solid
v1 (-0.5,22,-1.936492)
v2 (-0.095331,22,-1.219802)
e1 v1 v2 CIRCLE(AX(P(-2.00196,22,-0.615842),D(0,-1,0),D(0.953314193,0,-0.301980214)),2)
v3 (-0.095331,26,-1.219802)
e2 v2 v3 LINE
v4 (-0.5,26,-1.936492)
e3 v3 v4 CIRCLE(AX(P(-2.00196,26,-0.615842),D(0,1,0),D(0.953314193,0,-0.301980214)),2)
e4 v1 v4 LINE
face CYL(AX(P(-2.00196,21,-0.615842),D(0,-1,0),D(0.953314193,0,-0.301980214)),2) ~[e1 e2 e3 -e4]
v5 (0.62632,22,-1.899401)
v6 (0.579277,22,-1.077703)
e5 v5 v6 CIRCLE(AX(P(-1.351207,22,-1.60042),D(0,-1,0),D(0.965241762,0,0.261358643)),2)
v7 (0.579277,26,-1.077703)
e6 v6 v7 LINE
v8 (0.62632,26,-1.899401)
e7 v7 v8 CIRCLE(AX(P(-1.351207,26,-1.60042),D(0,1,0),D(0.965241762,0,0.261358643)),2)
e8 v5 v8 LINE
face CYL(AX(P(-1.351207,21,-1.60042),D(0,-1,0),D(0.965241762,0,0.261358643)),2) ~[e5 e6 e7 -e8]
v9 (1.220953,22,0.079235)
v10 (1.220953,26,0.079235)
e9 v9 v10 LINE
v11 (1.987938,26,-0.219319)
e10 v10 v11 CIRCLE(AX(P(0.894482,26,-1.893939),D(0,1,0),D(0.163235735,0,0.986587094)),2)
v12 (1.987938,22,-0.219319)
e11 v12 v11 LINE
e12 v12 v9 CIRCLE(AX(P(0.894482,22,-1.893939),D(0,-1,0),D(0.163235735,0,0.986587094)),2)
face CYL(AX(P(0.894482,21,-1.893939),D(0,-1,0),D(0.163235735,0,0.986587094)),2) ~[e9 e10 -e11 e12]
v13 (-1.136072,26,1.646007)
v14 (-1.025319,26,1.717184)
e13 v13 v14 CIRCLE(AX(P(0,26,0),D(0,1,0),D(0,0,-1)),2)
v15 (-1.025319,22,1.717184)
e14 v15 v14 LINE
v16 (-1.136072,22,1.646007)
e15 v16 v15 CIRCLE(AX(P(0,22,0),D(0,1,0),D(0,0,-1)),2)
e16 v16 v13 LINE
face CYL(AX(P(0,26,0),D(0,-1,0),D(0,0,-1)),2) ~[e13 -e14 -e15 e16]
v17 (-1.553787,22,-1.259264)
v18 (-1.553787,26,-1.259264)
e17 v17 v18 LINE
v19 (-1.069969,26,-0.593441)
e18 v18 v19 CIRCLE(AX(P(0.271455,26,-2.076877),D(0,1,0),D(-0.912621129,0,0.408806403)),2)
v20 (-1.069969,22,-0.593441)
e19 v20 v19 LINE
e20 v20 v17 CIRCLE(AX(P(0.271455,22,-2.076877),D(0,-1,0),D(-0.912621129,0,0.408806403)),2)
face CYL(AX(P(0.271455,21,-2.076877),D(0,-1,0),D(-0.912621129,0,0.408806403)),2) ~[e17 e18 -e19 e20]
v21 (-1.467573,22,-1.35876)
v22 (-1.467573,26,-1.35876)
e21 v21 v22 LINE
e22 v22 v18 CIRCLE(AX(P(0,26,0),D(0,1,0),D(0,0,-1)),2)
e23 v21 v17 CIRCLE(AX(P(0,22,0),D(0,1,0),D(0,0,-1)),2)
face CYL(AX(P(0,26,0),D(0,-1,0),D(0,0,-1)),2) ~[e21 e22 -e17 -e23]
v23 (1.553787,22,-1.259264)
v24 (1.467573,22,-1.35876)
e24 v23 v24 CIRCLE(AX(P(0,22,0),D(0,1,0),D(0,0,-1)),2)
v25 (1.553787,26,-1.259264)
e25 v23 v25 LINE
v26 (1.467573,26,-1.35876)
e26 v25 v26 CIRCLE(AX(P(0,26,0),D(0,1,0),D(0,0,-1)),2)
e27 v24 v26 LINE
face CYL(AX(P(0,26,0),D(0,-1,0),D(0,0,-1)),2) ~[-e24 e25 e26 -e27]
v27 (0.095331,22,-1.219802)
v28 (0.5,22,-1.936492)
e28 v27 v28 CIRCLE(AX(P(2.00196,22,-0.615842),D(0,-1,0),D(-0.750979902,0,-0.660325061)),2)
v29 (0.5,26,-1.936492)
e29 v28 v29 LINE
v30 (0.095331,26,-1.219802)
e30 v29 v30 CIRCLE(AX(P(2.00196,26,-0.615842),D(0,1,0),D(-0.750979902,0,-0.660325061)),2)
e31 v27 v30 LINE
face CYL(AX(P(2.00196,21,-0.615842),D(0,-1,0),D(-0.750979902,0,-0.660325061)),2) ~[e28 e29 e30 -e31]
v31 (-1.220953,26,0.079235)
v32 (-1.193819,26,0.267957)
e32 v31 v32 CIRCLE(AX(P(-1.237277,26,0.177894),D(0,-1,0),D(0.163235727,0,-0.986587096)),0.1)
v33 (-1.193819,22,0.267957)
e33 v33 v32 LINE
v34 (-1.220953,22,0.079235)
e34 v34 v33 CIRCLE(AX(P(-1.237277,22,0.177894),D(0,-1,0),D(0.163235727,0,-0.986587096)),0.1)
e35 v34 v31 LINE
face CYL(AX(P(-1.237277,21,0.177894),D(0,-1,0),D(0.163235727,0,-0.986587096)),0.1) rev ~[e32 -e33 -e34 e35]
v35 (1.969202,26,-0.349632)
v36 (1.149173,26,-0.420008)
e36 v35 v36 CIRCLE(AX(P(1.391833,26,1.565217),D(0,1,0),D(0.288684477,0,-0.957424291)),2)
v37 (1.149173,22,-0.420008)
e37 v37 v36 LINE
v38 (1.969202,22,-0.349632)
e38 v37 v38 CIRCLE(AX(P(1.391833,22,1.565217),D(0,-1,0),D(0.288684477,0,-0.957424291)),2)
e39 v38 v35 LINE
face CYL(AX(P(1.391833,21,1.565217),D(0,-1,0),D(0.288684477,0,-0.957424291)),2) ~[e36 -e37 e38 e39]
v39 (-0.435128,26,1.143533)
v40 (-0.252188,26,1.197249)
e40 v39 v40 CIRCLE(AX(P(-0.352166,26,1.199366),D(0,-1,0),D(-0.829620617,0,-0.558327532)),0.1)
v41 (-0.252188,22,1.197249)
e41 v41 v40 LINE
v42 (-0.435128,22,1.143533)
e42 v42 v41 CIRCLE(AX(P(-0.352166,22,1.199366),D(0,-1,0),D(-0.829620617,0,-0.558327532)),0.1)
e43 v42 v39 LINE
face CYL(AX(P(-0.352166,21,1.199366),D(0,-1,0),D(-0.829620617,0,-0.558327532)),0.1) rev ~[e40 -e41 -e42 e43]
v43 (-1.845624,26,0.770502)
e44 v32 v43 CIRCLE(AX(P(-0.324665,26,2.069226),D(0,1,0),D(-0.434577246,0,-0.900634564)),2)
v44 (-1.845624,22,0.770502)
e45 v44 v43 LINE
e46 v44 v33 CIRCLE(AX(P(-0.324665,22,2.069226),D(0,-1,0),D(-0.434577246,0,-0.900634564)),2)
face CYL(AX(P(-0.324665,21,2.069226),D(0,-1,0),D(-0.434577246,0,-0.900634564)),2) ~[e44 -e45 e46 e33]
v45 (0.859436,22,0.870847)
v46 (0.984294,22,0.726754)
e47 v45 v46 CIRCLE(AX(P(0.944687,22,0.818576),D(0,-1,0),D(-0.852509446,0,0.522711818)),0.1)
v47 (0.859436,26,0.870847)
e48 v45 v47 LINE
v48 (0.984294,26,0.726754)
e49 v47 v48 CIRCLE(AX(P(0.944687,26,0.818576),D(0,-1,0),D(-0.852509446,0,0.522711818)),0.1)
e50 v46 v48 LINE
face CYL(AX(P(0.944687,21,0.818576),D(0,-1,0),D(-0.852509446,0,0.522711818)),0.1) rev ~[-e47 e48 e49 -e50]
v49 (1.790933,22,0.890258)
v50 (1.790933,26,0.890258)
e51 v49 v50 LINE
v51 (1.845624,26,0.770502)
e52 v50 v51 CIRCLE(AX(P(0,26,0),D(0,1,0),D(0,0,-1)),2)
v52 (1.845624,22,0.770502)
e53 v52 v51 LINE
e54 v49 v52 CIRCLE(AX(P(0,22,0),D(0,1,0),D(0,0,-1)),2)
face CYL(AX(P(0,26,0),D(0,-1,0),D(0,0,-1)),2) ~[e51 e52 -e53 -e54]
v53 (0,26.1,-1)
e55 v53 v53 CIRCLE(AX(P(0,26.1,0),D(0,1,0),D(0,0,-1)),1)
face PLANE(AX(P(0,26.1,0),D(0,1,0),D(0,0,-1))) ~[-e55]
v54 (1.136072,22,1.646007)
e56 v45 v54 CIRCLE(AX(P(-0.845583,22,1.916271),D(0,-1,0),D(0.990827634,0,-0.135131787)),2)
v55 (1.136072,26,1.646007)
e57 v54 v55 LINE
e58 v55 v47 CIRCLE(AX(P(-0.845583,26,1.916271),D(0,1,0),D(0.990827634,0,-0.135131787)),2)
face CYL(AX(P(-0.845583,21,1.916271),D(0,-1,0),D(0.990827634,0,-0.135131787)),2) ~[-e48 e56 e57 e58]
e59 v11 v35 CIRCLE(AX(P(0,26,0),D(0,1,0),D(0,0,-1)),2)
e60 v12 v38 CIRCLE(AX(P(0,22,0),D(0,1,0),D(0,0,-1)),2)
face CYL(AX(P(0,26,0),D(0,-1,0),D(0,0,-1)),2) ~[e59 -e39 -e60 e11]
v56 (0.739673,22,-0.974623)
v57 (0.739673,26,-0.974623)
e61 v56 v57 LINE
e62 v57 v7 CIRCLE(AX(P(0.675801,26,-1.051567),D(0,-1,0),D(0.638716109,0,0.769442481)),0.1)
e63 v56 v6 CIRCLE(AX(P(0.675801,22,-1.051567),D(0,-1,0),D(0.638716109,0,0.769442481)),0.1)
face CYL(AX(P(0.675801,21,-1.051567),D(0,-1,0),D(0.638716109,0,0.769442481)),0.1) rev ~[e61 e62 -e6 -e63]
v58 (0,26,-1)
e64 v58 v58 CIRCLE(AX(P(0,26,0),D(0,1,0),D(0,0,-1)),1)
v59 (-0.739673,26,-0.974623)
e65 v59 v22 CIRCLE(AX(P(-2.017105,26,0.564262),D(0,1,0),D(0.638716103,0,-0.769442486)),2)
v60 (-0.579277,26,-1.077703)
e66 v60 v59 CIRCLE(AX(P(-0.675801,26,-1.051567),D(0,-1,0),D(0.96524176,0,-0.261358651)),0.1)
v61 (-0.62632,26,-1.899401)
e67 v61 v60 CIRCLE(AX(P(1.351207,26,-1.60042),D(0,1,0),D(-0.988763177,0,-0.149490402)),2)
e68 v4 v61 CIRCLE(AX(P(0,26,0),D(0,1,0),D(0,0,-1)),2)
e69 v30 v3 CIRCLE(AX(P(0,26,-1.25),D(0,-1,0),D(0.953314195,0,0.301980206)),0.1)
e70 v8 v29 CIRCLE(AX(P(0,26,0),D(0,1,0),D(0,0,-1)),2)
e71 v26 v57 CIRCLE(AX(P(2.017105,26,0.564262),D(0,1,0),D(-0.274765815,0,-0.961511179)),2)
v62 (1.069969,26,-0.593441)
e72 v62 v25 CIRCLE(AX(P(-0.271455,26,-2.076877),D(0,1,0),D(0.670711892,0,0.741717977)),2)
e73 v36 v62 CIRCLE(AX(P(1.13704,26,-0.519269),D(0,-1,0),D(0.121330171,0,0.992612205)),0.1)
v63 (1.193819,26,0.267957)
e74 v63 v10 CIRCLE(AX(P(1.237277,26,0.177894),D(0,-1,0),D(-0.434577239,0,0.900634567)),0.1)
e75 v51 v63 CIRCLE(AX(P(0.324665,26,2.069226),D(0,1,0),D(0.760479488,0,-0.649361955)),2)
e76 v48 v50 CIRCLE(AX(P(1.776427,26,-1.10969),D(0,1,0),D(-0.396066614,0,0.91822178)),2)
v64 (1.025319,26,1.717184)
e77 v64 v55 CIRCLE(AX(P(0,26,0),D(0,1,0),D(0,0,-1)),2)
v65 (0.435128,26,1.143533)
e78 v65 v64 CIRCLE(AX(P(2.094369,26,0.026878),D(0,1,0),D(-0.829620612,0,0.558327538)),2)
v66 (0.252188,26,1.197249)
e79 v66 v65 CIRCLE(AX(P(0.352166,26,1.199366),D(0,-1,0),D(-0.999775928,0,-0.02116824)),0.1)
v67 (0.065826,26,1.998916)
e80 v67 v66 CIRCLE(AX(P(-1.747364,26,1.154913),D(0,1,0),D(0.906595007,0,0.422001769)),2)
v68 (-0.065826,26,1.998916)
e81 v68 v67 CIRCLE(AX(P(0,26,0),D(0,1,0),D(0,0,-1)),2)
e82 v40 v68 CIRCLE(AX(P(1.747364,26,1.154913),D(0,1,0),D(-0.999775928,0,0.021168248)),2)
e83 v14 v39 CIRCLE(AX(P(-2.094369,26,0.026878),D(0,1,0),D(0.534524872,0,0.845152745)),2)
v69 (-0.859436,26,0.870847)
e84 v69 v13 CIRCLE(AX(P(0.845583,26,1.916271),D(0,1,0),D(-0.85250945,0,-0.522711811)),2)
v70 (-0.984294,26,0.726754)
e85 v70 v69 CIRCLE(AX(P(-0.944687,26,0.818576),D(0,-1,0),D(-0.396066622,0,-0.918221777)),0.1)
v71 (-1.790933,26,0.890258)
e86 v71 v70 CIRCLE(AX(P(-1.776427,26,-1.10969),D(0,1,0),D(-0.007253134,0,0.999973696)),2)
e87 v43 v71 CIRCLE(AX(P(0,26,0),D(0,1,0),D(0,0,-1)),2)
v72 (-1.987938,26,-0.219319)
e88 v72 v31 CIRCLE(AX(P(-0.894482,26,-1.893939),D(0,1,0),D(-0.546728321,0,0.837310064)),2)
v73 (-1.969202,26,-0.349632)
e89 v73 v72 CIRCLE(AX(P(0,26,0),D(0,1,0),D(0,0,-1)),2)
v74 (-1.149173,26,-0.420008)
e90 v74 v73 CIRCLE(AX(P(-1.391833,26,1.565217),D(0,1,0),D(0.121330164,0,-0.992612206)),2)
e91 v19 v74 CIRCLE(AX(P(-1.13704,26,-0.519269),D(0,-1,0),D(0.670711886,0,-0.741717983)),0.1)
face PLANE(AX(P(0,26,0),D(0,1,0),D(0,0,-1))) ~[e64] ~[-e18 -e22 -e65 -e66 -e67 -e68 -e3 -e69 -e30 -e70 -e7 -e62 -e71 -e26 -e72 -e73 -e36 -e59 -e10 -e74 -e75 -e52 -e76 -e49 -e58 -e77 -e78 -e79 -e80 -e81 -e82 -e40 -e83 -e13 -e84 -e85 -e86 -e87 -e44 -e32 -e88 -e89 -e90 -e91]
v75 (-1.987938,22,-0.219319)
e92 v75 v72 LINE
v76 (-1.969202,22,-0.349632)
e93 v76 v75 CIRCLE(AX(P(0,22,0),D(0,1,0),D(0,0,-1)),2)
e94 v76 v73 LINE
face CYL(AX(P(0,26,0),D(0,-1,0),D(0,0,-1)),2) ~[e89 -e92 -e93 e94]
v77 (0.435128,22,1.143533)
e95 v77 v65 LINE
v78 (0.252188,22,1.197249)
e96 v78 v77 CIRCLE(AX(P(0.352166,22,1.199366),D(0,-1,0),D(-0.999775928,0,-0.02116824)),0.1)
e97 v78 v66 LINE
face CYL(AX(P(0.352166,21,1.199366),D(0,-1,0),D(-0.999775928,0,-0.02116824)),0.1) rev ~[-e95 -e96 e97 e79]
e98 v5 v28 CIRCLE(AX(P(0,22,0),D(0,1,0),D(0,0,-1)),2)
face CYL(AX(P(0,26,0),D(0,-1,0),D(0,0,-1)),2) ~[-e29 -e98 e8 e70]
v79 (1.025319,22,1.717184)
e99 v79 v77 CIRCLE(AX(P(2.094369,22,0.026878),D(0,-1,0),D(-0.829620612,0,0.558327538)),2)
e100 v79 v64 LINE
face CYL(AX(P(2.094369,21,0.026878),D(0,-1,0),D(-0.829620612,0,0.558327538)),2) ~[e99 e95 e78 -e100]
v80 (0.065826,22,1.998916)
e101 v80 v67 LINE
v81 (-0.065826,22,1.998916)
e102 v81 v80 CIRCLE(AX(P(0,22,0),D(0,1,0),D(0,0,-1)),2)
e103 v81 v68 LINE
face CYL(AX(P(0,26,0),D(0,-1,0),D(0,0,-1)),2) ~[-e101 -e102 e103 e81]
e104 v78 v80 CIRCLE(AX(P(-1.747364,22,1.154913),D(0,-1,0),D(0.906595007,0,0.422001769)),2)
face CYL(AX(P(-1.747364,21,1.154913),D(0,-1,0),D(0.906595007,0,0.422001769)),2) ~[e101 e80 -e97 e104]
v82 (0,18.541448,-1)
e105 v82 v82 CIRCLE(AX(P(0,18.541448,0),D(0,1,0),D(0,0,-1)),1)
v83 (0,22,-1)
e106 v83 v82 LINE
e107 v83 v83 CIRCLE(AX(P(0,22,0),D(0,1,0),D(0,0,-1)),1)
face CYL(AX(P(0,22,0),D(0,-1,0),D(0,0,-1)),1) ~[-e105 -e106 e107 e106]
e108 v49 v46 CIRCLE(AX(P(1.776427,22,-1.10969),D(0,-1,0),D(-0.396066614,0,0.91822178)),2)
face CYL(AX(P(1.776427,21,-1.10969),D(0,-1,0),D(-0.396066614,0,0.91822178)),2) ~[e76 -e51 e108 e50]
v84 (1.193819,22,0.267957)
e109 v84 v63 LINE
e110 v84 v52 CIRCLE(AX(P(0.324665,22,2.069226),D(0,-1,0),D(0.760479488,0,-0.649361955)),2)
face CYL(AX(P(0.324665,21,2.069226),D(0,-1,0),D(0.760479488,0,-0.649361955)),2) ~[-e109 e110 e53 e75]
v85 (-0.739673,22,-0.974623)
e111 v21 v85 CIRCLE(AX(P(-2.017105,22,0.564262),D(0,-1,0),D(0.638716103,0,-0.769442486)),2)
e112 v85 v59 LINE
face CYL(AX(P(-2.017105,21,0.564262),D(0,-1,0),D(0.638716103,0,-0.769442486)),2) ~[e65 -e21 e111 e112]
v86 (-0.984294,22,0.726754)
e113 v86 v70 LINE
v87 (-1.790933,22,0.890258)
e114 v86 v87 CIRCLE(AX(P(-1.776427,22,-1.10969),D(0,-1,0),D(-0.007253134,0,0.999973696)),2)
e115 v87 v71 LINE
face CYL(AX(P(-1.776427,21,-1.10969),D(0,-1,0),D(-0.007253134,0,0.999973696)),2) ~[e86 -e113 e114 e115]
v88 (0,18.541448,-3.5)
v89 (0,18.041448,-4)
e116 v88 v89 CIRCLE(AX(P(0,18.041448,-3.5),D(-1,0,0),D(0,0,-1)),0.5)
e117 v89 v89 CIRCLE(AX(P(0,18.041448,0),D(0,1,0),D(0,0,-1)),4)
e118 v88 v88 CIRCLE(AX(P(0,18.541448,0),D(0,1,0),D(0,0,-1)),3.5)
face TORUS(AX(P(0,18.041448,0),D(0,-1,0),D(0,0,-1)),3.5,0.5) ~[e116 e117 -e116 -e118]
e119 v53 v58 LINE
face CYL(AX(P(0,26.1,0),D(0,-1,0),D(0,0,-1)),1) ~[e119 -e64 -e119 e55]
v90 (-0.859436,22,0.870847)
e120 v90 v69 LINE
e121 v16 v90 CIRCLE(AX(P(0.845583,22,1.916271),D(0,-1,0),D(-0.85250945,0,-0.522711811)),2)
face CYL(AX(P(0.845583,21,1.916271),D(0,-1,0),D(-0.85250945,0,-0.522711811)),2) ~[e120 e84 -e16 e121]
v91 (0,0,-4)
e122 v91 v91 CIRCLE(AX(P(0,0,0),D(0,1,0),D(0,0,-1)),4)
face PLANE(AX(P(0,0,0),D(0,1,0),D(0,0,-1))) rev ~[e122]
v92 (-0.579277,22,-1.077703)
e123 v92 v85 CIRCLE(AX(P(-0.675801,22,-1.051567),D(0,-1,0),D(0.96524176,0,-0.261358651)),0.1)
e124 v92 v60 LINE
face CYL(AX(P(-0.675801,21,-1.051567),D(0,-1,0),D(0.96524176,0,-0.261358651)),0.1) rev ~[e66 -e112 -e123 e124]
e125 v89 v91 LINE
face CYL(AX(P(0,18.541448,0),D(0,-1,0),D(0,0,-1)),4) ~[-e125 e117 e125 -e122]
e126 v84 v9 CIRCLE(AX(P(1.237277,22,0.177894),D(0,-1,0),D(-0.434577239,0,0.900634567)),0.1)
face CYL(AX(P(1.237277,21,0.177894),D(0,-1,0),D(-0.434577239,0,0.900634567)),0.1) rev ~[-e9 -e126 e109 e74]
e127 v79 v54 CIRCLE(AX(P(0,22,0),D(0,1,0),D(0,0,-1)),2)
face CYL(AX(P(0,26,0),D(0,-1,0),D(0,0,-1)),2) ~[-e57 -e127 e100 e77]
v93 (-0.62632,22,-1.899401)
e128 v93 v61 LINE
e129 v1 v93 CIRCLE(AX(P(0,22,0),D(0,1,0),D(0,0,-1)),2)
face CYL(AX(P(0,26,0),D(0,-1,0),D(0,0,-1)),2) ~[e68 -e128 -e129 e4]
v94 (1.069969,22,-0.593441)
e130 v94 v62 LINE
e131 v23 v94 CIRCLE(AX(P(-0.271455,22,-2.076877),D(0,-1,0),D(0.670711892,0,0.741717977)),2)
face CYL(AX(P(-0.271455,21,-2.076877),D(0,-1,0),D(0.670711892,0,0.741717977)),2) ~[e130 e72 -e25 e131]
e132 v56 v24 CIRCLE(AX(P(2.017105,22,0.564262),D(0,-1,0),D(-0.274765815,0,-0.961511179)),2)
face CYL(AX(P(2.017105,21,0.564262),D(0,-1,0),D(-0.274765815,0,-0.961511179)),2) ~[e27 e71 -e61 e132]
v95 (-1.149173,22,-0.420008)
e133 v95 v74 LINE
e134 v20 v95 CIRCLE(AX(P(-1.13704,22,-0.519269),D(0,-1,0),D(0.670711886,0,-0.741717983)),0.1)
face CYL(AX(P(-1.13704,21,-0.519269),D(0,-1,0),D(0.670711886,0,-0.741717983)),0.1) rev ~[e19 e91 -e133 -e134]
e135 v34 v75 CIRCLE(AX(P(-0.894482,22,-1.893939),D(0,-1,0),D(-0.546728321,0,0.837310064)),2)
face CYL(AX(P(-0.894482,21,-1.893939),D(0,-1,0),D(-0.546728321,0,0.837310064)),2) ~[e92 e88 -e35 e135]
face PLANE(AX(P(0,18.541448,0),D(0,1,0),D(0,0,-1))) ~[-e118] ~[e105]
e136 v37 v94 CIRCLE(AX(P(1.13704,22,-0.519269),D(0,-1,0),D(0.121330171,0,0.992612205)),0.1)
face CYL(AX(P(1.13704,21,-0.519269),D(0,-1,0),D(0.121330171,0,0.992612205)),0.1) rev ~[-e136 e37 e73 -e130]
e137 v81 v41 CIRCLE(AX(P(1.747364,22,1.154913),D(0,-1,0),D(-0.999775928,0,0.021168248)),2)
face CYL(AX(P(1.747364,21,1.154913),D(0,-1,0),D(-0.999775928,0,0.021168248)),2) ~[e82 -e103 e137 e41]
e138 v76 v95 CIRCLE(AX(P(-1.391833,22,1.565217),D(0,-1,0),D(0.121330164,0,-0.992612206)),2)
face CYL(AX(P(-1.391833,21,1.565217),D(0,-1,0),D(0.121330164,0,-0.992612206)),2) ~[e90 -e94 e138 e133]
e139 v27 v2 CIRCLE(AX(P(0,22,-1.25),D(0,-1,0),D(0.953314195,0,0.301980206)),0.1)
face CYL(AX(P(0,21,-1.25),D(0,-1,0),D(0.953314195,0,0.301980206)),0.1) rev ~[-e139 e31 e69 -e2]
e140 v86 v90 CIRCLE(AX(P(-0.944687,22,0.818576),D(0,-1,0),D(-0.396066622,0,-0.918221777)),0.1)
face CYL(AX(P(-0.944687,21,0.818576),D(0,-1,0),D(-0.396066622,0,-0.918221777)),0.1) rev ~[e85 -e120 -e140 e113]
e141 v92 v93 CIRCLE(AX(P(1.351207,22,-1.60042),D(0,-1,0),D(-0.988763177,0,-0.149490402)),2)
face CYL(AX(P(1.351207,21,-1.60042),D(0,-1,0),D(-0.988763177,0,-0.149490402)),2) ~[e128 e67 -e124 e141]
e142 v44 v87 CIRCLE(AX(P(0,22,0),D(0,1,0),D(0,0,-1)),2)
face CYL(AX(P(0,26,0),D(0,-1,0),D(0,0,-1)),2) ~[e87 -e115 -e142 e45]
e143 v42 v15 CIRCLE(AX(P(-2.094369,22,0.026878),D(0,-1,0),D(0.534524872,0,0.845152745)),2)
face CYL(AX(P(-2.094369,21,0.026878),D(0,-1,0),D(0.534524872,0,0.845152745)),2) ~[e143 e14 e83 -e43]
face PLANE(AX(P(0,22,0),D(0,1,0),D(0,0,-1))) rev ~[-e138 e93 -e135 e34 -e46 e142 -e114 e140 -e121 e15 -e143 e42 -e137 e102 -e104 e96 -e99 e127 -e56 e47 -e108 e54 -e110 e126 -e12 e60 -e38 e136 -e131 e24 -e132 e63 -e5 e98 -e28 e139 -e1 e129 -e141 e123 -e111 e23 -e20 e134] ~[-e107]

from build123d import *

# Parameters (mm, degrees)
KES_EKSTR_ZYON1_START   = -5
KES_EKSTR_ZYON1_DEPTH   = 5
DAIRESEL_KAPLAMA1_COUNT = 11
RADYUS1_R               = 0.5


with BuildPart() as part:
    # Çizim2 → Döndür1 (revolve)
    with BuildSketch(Plane.XY, mode=Mode.PRIVATE) as d_nd_r1_sk:
        Polygon((0, 0), (0, 26.1), (1, 26.1), (1, 26), (2, 26), (2, 22), (1, 22), (1, 18.541448382), (4, 18.541448382), (4, 0), align=None)
    revolve(d_nd_r1_sk.sketch.rotate(Axis((0, 0, 0), (0, 1, 0)), 90), axis=Axis((0, 0, 0), (0, 1, 0)))

    # Çizim4 → Kes-Ekstrüzyon1 (cut)
    with BuildSketch(Plane(origin=(0, 26, 0), x_dir=(1, 0, 0), z_dir=(0, 1, 0)).offset(KES_EKSTR_ZYON1_START)):
        with BuildLine():
            ThreePointArc((-0.5, 1.936491673), (0, 2), (0.5, 1.936491673))
            ThreePointArc((0.5, 1.936491673), (0.260400333, 1.599188187), (0.095331419, 1.219801979))
            ThreePointArc((0.095331419, 1.219801979), (0, 1.15), (-0.095331419, 1.219801979))
            ThreePointArc((-0.095331419, 1.219801979), (-0.260400333, 1.599188187), (-0.5, 1.936491673))
        make_face()
    kes_ekstr_zyon1 = extrude(amount=KES_EKSTR_ZYON1_DEPTH, mode=Mode.SUBTRACT)

    # Dairesel Kaplama1: Kes-Ekstrüzyon1 ×11 about axis
    dairesel_kaplama1_axis = Axis((0, 0, 0), (0, 1, 0))
    for i in range(1, DAIRESEL_KAPLAMA1_COUNT):
        add(kes_ekstr_zyon1.rotate(dairesel_kaplama1_axis, i * 360 / DAIRESEL_KAPLAMA1_COUNT), mode=Mode.SUBTRACT)

    # Radyus1
    radyus1_edges = [part.edges().sort_by_distance(p)[0] for p in [
        (0, 18.541448382, 4),
    ]]
    fillet(radyus1_edges, radius=RADYUS1_R)


solid = part.part
